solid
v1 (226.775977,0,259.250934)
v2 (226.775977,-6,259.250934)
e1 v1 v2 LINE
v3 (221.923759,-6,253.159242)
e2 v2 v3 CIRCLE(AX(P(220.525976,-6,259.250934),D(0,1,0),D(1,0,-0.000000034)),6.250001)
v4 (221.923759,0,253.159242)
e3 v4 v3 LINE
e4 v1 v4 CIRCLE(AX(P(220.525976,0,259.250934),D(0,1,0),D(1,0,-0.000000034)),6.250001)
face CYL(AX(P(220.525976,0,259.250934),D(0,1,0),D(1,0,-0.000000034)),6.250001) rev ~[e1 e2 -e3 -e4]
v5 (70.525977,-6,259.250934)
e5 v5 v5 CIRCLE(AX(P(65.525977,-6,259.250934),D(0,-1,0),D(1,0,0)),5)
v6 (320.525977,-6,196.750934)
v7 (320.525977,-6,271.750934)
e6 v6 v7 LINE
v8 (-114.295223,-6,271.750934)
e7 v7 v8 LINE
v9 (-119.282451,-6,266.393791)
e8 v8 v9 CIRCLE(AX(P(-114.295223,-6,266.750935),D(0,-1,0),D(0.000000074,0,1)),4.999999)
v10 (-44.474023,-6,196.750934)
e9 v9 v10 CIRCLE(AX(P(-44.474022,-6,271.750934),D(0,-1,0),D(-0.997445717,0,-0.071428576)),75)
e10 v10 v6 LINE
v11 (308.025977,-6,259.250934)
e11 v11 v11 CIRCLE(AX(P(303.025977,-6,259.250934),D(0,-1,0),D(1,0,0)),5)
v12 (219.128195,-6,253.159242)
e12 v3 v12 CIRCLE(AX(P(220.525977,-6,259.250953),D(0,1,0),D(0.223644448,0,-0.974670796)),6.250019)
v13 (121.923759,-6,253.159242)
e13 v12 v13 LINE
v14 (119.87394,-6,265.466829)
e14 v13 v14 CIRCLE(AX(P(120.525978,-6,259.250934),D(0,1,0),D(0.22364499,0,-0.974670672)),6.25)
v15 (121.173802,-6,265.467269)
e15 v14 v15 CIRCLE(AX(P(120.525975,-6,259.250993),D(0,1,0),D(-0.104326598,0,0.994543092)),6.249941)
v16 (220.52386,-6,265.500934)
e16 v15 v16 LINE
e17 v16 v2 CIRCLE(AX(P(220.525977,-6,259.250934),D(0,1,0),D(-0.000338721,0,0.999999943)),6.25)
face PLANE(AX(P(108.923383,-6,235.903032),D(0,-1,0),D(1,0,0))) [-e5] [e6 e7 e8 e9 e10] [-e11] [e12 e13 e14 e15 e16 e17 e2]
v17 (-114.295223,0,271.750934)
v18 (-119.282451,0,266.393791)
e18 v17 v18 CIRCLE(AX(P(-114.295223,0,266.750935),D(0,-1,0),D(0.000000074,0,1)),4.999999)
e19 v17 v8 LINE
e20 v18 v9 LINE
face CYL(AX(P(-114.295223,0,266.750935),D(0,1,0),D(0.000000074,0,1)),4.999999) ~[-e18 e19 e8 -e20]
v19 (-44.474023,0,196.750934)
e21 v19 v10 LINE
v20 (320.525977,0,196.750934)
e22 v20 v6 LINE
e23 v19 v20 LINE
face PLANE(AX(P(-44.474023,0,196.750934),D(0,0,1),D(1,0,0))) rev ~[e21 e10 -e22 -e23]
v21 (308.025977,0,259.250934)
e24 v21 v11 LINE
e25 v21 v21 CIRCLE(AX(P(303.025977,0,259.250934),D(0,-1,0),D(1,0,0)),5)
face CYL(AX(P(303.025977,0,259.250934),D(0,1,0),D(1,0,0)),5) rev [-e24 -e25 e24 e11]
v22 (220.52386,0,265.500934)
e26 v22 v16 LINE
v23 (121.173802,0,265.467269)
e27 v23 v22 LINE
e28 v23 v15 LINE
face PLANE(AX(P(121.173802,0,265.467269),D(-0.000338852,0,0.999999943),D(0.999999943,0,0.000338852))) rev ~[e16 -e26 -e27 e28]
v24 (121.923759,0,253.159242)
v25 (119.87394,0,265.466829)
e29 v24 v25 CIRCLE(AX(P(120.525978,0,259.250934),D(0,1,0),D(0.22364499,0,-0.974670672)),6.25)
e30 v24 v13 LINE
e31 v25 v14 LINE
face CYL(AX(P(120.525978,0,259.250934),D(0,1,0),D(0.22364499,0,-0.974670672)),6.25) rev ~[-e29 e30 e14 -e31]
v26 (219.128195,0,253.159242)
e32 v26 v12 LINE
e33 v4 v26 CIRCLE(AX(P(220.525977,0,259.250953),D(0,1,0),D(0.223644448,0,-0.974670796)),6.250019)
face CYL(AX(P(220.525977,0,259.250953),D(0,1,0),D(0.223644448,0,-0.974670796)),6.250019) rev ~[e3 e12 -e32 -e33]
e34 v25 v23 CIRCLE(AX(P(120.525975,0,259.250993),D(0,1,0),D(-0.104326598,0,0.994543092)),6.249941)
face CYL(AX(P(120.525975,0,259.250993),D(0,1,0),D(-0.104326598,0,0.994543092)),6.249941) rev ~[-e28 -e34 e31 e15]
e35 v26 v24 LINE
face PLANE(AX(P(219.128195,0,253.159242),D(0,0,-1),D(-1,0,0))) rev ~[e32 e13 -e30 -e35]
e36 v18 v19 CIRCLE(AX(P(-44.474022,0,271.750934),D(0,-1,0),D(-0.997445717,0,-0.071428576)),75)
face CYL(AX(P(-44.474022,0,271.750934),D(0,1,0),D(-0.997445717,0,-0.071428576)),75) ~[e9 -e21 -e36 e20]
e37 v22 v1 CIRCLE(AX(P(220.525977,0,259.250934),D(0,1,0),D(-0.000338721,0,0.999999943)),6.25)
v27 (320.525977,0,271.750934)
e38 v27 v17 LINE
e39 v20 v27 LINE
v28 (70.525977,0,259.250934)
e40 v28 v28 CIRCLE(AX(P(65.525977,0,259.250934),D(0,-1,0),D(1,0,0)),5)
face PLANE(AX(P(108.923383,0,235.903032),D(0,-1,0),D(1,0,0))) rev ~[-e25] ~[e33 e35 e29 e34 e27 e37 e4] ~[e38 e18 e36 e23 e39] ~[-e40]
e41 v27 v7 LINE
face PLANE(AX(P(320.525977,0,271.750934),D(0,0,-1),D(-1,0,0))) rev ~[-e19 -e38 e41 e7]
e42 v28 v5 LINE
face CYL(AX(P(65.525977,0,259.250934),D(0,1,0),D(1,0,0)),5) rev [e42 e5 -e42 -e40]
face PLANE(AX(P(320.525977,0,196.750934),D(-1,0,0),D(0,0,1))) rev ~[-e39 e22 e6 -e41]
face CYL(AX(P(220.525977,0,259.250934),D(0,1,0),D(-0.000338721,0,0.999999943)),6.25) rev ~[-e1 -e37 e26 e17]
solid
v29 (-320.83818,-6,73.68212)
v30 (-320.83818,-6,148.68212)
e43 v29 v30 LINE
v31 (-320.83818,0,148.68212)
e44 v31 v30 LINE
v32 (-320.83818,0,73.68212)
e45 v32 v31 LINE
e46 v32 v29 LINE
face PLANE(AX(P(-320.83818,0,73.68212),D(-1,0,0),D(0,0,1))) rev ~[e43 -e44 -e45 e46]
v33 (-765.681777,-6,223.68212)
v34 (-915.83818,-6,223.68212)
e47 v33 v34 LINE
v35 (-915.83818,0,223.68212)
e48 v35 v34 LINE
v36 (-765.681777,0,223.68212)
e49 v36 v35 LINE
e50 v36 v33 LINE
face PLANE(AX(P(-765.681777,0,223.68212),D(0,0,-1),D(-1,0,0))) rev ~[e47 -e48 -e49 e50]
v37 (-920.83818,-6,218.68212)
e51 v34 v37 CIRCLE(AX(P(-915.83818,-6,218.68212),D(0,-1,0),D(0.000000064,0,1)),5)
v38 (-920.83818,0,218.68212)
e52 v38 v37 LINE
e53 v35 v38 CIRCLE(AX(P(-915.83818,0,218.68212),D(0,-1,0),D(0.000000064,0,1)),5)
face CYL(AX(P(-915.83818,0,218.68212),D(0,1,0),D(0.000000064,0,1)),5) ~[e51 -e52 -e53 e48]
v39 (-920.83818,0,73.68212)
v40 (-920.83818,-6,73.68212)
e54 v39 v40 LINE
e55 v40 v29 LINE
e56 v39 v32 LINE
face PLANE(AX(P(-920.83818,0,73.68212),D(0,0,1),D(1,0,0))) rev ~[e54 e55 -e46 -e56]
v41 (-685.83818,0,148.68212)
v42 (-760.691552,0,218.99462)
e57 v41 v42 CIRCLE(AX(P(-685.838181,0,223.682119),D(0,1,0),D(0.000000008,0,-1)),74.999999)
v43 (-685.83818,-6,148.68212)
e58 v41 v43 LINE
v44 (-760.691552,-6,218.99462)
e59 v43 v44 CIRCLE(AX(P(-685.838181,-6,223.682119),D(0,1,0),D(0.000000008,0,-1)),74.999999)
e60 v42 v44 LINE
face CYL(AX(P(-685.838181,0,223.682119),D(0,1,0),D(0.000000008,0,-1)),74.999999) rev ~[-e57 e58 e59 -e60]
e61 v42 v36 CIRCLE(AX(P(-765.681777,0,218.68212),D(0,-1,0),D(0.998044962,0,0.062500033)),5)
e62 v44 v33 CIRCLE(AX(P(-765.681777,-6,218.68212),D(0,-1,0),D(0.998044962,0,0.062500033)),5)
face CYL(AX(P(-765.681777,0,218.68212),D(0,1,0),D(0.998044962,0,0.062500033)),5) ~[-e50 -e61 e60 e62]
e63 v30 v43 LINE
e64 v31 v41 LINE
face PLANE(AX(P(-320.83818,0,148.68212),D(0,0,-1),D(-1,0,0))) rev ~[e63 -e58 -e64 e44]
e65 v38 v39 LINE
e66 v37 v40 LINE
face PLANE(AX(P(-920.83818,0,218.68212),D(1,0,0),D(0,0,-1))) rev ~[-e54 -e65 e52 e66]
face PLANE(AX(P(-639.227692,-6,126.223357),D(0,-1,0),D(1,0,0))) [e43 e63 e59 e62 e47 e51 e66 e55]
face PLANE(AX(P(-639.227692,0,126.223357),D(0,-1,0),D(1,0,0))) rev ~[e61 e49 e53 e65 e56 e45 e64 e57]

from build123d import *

# Parameters (mm, degrees)
F0_R     = 5
F1_DEPTH = 6


with BuildPart() as f1:
    # F0 (on Front) → F1 (new body)
    with BuildSketch(Plane.XZ):
        with BuildLine():
            Line((-920.83818, 218.68212), (-920.83818, 73.68212))
            Line((-920.83818, 73.68212), (-320.83818, 73.68212))
            Line((-320.83818, 73.68212), (-320.83818, 148.68212))
            Line((-320.83818, 148.68212), (-395.83818, 148.68212))
            Line((-395.83818, 148.68212), (-685.83818, 148.68212))
            ThreePointArc((-685.83818, 148.68212), (-737.18717, 169.016946), (-760.691552, 218.99462))
            ThreePointArc((-760.691552, 218.99462), (-762.258511, 222.326465), (-765.681777, 223.68212))
            Line((-765.681777, 223.68212), (-915.83818, 223.68212))
            ThreePointArc((-915.83818, 223.68212), (-919.373714, 222.217654), (-920.83818, 218.68212))
        make_face()
        with BuildLine():
            Line((-44.474023, 196.750934), (245.525977, 196.750934))
            Line((245.525977, 196.750934), (320.525977, 196.750934))
            Line((320.525977, 196.750934), (320.525977, 271.750934))
            Line((320.525977, 271.750934), (-114.295223, 271.750934))
            ThreePointArc((-114.295223, 271.750934), (-117.954848, 270.15786), (-119.282451, 266.393791))
            ThreePointArc((-119.282451, 266.393791), (-95.577908, 216.856555), (-44.474023, 196.750934))
        make_face()
        with Locations((65.525977, 259.250934)):
            Circle(F0_R, mode=Mode.SUBTRACT)
        with BuildLine():
            ThreePointArc((121.923759, 253.159242), (114.360898, 258.224145), (119.87394, 265.466829))
            ThreePointArc((119.87394, 265.466829), (120.52386, 265.500934), (121.173802, 265.467269))
            Line((121.173802, 265.467269), (220.52386, 265.500934))
            ThreePointArc((220.52386, 265.500934), (224.944646, 263.6711), (226.775977, 259.250934))
            ThreePointArc((226.775977, 259.250934), (225.41467, 255.356941), (221.923759, 253.159242))
            ThreePointArc((221.923759, 253.159242), (220.525977, 253.000934), (219.128195, 253.159242))
            Line((219.128195, 253.159242), (121.923759, 253.159242))
        make_face(mode=Mode.SUBTRACT)
        with Locations((303.025977, 259.250934)):
            Circle(F0_R, mode=Mode.SUBTRACT)
    extrude(amount=F1_DEPTH)


solid = f1.part
